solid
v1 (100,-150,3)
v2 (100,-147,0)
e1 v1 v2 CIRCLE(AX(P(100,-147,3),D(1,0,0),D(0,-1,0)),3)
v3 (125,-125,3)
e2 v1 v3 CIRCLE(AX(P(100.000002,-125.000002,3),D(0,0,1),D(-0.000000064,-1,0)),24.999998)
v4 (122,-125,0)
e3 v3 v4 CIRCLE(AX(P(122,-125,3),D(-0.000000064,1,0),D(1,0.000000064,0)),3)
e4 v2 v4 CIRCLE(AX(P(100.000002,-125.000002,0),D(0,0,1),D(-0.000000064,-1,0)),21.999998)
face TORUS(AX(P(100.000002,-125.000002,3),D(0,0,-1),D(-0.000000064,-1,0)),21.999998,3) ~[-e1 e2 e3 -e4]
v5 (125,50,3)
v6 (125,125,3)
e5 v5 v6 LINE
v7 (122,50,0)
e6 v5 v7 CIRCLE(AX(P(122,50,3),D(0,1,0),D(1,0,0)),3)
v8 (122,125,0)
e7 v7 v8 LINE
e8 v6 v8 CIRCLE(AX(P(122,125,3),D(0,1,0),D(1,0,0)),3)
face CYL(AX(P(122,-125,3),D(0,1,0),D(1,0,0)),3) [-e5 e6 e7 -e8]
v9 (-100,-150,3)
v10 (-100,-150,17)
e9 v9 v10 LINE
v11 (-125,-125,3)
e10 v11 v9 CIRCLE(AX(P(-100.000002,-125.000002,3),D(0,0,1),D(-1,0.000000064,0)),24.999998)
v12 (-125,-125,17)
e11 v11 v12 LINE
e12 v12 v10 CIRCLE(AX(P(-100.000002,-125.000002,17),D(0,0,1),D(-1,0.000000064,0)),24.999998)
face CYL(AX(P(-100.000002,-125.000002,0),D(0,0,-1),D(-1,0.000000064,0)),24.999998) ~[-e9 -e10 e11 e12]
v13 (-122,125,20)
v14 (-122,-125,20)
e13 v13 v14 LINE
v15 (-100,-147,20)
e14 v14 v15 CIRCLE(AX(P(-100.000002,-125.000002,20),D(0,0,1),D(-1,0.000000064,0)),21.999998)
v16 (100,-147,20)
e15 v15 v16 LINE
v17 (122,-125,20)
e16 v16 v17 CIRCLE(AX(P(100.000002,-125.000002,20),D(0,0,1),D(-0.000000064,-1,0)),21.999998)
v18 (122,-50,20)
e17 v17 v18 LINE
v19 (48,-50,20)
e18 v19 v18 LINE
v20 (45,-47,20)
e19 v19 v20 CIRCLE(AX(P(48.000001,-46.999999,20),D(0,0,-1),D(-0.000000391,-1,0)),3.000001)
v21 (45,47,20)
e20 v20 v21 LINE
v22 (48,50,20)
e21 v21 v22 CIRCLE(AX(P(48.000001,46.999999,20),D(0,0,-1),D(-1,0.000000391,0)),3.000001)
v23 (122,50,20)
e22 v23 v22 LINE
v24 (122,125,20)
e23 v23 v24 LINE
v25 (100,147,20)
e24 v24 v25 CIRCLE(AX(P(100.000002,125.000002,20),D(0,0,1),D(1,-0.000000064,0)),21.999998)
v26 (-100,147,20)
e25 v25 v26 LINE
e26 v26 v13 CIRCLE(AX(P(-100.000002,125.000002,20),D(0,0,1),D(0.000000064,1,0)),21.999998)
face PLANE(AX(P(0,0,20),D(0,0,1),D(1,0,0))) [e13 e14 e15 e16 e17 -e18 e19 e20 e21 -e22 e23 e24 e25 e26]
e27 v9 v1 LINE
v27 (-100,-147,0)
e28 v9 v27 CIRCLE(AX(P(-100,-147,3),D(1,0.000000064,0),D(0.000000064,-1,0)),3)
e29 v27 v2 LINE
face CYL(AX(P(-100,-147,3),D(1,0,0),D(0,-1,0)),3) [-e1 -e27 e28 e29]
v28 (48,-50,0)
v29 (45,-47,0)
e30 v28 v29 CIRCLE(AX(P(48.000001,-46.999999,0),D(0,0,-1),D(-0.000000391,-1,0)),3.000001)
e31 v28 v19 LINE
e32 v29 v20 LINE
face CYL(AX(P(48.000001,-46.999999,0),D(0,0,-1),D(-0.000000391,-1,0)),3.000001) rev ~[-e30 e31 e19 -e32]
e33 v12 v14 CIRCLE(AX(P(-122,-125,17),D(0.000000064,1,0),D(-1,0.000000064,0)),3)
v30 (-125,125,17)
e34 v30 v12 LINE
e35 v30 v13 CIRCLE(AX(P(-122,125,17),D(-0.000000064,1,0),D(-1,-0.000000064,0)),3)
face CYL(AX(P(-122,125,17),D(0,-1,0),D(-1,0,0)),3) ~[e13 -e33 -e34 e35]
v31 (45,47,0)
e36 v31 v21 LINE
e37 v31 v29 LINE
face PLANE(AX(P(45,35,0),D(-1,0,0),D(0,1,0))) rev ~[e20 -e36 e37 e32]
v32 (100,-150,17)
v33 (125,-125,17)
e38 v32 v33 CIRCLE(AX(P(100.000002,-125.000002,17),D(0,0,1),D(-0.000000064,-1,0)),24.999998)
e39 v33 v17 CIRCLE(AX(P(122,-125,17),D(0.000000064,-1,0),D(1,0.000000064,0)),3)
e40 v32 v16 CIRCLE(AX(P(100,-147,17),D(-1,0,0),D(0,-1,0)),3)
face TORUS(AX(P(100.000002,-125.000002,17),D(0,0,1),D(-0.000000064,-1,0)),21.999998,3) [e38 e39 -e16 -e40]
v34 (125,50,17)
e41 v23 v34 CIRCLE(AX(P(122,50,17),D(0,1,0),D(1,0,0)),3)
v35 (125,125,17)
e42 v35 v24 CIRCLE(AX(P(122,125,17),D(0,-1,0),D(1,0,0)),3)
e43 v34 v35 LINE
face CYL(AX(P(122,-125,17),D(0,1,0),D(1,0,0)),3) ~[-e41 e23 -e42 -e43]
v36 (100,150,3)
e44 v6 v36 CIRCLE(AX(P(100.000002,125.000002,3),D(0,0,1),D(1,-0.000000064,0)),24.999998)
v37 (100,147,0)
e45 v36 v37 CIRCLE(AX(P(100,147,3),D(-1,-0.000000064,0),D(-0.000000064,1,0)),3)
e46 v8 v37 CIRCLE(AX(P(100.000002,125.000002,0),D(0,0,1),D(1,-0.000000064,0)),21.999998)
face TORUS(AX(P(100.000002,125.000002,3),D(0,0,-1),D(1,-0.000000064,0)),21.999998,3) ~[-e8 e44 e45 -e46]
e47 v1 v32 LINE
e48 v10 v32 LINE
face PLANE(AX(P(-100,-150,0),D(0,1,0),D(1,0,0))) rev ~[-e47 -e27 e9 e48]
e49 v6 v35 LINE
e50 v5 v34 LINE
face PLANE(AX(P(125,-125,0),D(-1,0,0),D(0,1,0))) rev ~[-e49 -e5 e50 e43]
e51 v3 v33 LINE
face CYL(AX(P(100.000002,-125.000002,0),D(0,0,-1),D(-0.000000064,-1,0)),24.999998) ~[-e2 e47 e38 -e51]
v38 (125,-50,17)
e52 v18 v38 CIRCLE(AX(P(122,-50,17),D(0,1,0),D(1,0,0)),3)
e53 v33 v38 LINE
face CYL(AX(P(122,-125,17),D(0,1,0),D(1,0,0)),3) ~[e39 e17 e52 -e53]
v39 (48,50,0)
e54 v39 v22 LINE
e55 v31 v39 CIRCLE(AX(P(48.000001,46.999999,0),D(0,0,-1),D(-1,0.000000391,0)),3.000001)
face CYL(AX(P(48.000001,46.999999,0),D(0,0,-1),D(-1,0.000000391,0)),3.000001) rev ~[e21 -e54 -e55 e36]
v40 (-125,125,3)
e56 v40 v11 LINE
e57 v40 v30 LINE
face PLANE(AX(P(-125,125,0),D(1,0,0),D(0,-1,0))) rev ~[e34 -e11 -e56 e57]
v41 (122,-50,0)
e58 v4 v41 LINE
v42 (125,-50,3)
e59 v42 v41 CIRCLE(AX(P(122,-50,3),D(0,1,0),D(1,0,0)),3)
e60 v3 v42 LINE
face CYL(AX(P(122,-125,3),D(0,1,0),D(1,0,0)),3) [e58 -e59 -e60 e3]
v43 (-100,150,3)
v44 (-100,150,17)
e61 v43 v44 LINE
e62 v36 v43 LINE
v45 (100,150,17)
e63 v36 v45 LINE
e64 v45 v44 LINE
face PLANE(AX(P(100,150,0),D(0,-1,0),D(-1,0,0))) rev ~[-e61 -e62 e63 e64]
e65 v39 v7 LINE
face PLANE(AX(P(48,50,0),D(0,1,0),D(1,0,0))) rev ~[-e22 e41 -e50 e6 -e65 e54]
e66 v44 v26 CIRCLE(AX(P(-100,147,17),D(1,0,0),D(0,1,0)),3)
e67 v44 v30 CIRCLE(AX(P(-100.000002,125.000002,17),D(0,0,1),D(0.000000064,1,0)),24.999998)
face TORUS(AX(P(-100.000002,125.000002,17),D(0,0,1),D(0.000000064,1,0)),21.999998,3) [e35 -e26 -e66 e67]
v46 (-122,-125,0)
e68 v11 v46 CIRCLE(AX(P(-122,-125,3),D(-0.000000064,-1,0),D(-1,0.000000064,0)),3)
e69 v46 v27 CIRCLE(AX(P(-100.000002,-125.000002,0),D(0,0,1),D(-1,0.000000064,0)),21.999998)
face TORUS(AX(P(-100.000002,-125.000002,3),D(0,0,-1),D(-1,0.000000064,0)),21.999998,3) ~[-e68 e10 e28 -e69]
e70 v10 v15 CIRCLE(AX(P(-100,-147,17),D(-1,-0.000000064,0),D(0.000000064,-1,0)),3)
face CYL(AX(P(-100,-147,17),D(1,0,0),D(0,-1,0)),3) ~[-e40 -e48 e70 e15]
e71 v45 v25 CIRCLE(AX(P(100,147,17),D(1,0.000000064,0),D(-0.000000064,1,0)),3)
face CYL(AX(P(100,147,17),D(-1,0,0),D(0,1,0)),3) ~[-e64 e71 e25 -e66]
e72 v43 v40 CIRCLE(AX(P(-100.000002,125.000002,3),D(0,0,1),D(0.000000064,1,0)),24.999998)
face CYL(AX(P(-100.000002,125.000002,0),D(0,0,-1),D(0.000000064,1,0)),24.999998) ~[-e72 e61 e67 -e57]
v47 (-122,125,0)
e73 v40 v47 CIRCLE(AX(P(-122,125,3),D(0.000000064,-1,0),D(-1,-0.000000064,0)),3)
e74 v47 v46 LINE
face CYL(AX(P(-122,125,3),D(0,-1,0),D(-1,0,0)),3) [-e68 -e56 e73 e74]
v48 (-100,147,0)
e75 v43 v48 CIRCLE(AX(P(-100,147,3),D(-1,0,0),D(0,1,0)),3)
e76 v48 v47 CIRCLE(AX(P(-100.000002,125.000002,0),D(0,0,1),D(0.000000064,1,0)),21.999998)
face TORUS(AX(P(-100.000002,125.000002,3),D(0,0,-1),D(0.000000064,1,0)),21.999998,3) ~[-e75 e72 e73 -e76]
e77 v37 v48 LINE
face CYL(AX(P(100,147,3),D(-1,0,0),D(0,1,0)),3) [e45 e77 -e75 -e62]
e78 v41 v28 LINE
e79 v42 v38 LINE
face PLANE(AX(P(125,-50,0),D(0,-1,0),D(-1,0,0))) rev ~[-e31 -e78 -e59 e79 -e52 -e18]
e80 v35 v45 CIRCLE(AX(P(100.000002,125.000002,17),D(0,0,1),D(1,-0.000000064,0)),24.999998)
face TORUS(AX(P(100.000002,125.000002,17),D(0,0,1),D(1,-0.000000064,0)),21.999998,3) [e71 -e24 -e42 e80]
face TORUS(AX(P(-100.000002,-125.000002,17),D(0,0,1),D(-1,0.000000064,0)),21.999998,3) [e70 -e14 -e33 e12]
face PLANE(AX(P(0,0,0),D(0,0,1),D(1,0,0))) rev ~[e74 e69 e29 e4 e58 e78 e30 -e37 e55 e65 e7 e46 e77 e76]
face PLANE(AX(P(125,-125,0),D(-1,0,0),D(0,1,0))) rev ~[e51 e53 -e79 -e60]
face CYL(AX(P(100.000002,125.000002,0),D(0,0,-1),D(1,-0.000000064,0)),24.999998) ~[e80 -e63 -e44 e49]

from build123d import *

# Parameters (mm, degrees)
F1_DEPTH = 20
F2_R     = 3
F3_W     = 3
F3_H     = 18
F4_DEPTH = 25
F6_W     = 3
F6_H     = 64
F7_DEPTH = 25


with BuildPart() as f1:
    # F0 (on Top) → F1 (new body)
    with BuildSketch(Plane.XY):
        with BuildLine():
            Line((-100, -150), (100, -150))
            ThreePointArc((100, -150), (117.67767, -142.67767), (125, -125))
            Line((125, -125), (125, 125))
            ThreePointArc((125, 125), (117.67767, 142.67767), (100, 150))
            Line((100, 150), (-100, 150))
            ThreePointArc((-100, 150), (-117.67767, 142.67767), (-125, 125))
            Line((-125, 125), (-125, -125))
            ThreePointArc((-125, -125), (-117.67767, -142.67767), (-100, -150))
        make_face()
    extrude(amount=F1_DEPTH)

    # F2
    f2_edges = [f1.edges().sort_by_distance(p)[0] for p in [
        (-117.67767, -142.67767, 20),
        (0, -150, 20),
        (117.67767, -142.67767, 20),
        (125, 0, 20),
        (117.67767, 142.67767, 20),
        (0, 150, 20),
        (-117.67767, 142.67767, 20),
        (-125, 0, 20),
        (-117.67767, -142.67767, 0),
        (0, -150, 0),
        (117.67767, -142.67767, 0),
        (125, 0, 0),
        (117.67767, 142.67767, 0),
        (0, 150, 0),
        (-117.67767, 142.67767, 0),
        (-125, 0, 0),
    ]]
    fillet(f2_edges, radius=F2_R)

    # F3 (on face) → F4 (cut)
    with BuildSketch(Plane(origin=(0, 0, 0), x_dir=(1, 0, 0), z_dir=(0, 0, -1))):
        with BuildLine():
            Line((122, 32), (122, 50))
            Line((122, 50), (48, 50))
            ThreePointArc((48, 50), (45.87868, 49.12132), (45, 47))
            Line((45, 47), (45, 35))
            ThreePointArc((45, 35), (45.87868, 32.87868), (48, 32))
            Line((48, 32), (122, 32))
        make_face()
        with Locations((123.5, 41)):
            Rectangle(F3_W, F3_H)
        with Locations((123.5, -41)):
            Rectangle(F3_W, F3_H)
        with BuildLine():
            Line((122, -50), (122, -32))
            Line((122, -32), (48, -32))
            ThreePointArc((48, -32), (45.87868, -32.87868), (45, -35))
            Line((45, -35), (45, -47))
            ThreePointArc((45, -47), (45.87868, -49.12132), (48, -50))
            Line((48, -50), (122, -50))
        make_face()
    extrude(amount=-F4_DEPTH, mode=Mode.SUBTRACT)

    # F3 (on face) + F6 (on face) → F7 (cut)
    with BuildSketch(Plane(origin=(0, 0, 0), x_dir=(1, 0, 0), z_dir=(0, 0, -1))):
        with BuildLine():
            Line((122, -32), (122, 32))
            Line((122, 32), (48, 32))
            ThreePointArc((48, 32), (45.87868, 32.87868), (45, 35))
            Line((45, 35), (45, -35))
            ThreePointArc((45, -35), (45.87868, -32.87868), (48, -32))
            Line((48, -32), (122, -32))
        make_face()
    with BuildSketch(Plane(origin=(0, 0, 0), x_dir=(1, 0, 0), z_dir=(0, 0, -1))):
        with Locations((123.5, 0)):
            Rectangle(F6_W, F6_H)
    extrude(amount=-F7_DEPTH, mode=Mode.SUBTRACT)


solid = f1.part
